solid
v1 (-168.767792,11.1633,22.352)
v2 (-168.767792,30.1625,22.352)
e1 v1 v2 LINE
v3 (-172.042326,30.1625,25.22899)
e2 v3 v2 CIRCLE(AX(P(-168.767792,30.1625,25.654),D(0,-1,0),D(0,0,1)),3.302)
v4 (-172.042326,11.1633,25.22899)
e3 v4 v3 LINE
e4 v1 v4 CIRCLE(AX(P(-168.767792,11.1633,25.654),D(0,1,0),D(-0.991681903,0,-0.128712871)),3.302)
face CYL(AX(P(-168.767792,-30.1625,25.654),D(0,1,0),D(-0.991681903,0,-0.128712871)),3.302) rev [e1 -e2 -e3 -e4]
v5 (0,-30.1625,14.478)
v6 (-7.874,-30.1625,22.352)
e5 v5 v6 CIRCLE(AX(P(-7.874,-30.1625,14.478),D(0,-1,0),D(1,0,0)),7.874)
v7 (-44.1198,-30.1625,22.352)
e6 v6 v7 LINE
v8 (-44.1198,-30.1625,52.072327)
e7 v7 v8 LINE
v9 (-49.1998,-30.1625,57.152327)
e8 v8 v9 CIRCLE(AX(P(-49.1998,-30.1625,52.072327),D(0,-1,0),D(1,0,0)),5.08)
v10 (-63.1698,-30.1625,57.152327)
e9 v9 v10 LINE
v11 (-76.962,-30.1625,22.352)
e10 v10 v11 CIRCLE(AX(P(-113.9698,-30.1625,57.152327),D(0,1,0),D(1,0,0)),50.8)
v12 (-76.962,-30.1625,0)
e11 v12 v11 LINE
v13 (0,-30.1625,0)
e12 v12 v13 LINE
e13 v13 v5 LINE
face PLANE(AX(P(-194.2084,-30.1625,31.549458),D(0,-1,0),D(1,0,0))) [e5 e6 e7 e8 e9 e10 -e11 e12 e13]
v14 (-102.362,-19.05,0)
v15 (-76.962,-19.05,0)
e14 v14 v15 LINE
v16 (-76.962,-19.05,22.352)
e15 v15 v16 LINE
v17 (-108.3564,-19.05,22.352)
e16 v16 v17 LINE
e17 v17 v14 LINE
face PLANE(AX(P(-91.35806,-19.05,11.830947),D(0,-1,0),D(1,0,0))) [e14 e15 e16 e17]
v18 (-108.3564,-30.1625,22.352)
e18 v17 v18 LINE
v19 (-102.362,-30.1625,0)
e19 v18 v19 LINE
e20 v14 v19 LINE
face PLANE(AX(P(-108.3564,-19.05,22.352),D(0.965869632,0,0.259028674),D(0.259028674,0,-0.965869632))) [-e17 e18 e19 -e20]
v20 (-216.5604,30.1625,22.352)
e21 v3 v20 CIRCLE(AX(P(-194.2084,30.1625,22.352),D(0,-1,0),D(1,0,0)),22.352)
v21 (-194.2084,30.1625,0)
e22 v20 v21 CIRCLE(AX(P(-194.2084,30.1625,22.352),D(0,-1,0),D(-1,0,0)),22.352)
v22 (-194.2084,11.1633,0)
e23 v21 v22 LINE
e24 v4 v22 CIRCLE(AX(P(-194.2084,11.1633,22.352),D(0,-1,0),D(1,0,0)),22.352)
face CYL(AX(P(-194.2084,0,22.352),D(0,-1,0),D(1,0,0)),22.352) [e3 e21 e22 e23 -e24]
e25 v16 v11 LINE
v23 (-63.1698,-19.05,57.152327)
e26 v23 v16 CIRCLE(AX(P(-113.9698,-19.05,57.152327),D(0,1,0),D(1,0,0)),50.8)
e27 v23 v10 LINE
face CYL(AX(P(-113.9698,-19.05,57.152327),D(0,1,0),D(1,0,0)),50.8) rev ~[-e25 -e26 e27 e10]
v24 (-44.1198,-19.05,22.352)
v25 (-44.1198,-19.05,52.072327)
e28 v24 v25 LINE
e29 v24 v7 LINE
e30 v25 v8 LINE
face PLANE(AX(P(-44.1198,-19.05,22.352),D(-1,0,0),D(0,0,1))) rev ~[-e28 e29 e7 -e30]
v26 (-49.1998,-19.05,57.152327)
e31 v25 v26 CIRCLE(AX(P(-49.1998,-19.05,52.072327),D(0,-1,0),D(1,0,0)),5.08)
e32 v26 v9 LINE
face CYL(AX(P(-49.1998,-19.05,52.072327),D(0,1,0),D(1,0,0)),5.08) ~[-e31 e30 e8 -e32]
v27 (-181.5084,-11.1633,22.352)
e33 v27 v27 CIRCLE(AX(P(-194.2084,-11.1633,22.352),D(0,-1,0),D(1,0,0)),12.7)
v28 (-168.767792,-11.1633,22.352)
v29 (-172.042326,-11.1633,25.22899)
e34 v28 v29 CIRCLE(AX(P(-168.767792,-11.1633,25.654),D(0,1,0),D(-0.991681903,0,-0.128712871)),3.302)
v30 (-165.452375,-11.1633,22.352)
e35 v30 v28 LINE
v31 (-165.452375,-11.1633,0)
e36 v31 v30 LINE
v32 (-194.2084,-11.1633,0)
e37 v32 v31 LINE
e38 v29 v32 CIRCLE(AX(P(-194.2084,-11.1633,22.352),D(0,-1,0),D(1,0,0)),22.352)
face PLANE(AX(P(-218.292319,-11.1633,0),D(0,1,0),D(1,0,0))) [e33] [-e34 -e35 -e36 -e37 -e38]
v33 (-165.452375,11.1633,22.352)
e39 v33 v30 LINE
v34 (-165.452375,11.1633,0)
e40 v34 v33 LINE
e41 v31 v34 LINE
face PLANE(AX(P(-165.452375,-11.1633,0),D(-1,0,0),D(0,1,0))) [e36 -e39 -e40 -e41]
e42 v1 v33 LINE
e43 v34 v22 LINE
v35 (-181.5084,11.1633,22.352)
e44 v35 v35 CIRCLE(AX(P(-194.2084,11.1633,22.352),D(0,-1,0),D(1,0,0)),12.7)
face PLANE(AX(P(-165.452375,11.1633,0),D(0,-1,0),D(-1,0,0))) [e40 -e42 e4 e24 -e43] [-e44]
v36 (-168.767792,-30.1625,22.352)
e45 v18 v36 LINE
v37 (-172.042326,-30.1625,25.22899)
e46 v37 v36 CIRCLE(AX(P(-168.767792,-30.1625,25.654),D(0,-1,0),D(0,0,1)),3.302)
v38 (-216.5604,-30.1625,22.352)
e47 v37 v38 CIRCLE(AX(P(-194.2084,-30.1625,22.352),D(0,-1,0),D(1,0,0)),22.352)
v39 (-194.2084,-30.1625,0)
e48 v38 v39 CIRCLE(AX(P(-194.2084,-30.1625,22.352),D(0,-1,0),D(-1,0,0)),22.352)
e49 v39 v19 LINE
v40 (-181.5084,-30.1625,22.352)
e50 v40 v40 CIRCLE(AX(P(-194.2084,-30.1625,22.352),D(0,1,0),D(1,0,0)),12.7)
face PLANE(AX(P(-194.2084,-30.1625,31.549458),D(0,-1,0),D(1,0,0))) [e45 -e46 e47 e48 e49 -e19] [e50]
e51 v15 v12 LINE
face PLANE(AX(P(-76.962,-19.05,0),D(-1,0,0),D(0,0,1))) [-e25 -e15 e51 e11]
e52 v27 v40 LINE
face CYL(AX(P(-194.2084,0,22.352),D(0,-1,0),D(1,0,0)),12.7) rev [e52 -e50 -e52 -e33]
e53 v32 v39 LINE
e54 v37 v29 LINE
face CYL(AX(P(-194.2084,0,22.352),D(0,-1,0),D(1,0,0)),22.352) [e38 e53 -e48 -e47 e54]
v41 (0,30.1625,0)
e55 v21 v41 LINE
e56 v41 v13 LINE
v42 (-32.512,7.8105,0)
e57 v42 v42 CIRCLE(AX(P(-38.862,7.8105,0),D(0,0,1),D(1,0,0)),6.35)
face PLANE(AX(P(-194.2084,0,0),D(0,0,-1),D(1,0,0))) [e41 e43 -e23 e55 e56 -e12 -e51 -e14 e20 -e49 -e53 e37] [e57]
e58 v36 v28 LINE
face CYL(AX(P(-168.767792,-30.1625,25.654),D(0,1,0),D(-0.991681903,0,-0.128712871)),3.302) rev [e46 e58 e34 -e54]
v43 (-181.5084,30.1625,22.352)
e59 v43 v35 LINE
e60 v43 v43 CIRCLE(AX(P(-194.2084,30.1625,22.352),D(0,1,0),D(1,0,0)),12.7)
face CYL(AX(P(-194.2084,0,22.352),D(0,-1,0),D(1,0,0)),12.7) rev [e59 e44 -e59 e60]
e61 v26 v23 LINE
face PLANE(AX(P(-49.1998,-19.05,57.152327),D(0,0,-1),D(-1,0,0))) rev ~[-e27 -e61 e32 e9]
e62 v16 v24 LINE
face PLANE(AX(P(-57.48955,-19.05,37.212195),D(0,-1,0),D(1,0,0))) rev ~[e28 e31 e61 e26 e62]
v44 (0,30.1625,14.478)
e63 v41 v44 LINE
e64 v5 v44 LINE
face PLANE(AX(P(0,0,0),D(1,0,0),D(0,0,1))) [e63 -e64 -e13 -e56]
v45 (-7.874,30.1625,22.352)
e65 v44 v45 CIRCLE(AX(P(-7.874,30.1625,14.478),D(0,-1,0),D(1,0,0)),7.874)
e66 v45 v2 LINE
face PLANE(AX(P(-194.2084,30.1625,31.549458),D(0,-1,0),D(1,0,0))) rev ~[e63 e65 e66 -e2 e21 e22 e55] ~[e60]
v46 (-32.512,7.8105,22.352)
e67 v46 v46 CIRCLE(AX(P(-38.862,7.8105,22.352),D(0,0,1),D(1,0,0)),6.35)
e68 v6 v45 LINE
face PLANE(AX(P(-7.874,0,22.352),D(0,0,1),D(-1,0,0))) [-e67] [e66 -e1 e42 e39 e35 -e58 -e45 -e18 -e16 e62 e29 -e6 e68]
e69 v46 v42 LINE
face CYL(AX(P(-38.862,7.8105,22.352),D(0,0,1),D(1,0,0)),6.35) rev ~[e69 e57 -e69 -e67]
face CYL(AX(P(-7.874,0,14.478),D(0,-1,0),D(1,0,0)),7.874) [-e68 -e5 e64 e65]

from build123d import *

# Parameters (mm, degrees)
F1_DEPTH = 30.1625
F2_START = 19.05
F2_DEPTH = 11.1125
F3_START = 19.05
F3_DEPTH = 11.1125
F4_R     = 3.302
F6_DEPTH = 57.1533267105
F7_R     = 6.35
F8_DEPTH = 22.353


with BuildPart() as f1:
    # F0 (on Front) → F1 (new body, symmetric)
    with BuildSketch(Plane.XZ):
        with BuildLine():
            ThreePointArc((-171.8564, 22.352), (-194.2084, 44.704), (-216.5604, 22.352))
            Line((-216.5604, 22.352), (-206.9084, 22.352))
            ThreePointArc((-206.9084, 22.352), (-194.2084, 35.052), (-181.5084, 22.352))
            Line((-181.5084, 22.352), (-171.8564, 22.352))
        make_face()
        with BuildLine():
            ThreePointArc((-216.5604, 22.352), (-210.0136507731, 6.5467492269), (-194.2084, 0))
            ThreePointArc((-194.2084, 0), (-178.4031492269, 6.5467492269), (-171.8564, 22.352))
            Line((-171.8564, 22.352), (-181.5084, 22.352))
            ThreePointArc((-181.5084, 22.352), (-194.2084, 9.652), (-206.9084, 22.352))
            Line((-206.9084, 22.352), (-216.5604, 22.352))
        make_face()
        Polygon((-165.9270077944, 0), (-102.362, 0), (-108.3564, 22.352), (-165.9270077944, 22.352), align=None)
        with BuildLine():
            Line((-76.962, 0), (0, 0))
            Line((0, 0), (0, 14.478))
            ThreePointArc((0, 14.478), (-2.3062412049, 20.0457587951), (-7.874, 22.352))
            Line((-7.874, 22.352), (-44.1198, 22.352))
            Line((-44.1198, 22.352), (-76.962, 22.352))
            Line((-76.962, 22.352), (-76.962, 0))
        make_face()
        Polygon((-102.362, 0), (-76.962, 0), (-76.962, 22.352), (-108.3564, 22.352), align=None)
        with BuildLine():
            Line((-194.2084, 0), (-165.9270077944, 0))
            Line((-165.9270077944, 0), (-165.9270077944, 22.352))
            Line((-165.9270077944, 22.352), (-171.8564, 22.352))
            ThreePointArc((-171.8564, 22.352), (-178.4031492269, 6.5467492269), (-194.2084, 0))
        make_face()
    extrude(amount=F1_DEPTH, both=True)

    # F0 (on Front) → F2 (join)
    with BuildSketch(Plane.XZ.offset(F2_START)):
        with BuildLine():
            ThreePointArc((-63.1698, 57.1523267105), (-66.7435560249, 38.4354391488), (-76.962, 22.352))
            Line((-76.962, 22.352), (-44.1198, 22.352))
            Line((-44.1198, 22.352), (-44.1198, 52.0723267105))
            ThreePointArc((-44.1198, 52.0723267105), (-45.6076975516, 55.664429159), (-49.1998, 57.1523267105))
            Line((-49.1998, 57.1523267105), (-63.1698, 57.1523267105))
        make_face()
    extrude(amount=F2_DEPTH)

    # F0 (on Front) → F3 (cut)
    with BuildSketch(Plane.XZ.offset(F3_START)):
        Polygon((-102.362, 0), (-76.962, 0), (-76.962, 22.352), (-108.3564, 22.352), align=None)
    extrude(amount=F3_DEPTH, mode=Mode.SUBTRACT)

    # F4
    f4_edges = [f1.edges().sort_by_distance(p)[0] for p in [
        (-171.8564, 0, 22.352),
    ]]
    fillet(f4_edges, radius=F4_R)

    # F5 (on Top) → F6 (cut, through all)
    with BuildSketch(Plane.XY):
        Polygon((-165.4523751593, -11.1633), (-165.4523751593, 0), (-165.4523751593, 11.1633), (-218.2923191004, 11.1633), (-218.2923191004, -11.1633), align=None)
    extrude(amount=F6_DEPTH, mode=Mode.SUBTRACT)

    # F7 (on face) → F8 (cut, through all)
    with BuildSketch(Plane.XY.offset(22.352)):
        with Locations((-38.862, 7.8105)):
            Circle(F7_R)
    extrude(amount=-F8_DEPTH, mode=Mode.SUBTRACT)


solid = f1.part
